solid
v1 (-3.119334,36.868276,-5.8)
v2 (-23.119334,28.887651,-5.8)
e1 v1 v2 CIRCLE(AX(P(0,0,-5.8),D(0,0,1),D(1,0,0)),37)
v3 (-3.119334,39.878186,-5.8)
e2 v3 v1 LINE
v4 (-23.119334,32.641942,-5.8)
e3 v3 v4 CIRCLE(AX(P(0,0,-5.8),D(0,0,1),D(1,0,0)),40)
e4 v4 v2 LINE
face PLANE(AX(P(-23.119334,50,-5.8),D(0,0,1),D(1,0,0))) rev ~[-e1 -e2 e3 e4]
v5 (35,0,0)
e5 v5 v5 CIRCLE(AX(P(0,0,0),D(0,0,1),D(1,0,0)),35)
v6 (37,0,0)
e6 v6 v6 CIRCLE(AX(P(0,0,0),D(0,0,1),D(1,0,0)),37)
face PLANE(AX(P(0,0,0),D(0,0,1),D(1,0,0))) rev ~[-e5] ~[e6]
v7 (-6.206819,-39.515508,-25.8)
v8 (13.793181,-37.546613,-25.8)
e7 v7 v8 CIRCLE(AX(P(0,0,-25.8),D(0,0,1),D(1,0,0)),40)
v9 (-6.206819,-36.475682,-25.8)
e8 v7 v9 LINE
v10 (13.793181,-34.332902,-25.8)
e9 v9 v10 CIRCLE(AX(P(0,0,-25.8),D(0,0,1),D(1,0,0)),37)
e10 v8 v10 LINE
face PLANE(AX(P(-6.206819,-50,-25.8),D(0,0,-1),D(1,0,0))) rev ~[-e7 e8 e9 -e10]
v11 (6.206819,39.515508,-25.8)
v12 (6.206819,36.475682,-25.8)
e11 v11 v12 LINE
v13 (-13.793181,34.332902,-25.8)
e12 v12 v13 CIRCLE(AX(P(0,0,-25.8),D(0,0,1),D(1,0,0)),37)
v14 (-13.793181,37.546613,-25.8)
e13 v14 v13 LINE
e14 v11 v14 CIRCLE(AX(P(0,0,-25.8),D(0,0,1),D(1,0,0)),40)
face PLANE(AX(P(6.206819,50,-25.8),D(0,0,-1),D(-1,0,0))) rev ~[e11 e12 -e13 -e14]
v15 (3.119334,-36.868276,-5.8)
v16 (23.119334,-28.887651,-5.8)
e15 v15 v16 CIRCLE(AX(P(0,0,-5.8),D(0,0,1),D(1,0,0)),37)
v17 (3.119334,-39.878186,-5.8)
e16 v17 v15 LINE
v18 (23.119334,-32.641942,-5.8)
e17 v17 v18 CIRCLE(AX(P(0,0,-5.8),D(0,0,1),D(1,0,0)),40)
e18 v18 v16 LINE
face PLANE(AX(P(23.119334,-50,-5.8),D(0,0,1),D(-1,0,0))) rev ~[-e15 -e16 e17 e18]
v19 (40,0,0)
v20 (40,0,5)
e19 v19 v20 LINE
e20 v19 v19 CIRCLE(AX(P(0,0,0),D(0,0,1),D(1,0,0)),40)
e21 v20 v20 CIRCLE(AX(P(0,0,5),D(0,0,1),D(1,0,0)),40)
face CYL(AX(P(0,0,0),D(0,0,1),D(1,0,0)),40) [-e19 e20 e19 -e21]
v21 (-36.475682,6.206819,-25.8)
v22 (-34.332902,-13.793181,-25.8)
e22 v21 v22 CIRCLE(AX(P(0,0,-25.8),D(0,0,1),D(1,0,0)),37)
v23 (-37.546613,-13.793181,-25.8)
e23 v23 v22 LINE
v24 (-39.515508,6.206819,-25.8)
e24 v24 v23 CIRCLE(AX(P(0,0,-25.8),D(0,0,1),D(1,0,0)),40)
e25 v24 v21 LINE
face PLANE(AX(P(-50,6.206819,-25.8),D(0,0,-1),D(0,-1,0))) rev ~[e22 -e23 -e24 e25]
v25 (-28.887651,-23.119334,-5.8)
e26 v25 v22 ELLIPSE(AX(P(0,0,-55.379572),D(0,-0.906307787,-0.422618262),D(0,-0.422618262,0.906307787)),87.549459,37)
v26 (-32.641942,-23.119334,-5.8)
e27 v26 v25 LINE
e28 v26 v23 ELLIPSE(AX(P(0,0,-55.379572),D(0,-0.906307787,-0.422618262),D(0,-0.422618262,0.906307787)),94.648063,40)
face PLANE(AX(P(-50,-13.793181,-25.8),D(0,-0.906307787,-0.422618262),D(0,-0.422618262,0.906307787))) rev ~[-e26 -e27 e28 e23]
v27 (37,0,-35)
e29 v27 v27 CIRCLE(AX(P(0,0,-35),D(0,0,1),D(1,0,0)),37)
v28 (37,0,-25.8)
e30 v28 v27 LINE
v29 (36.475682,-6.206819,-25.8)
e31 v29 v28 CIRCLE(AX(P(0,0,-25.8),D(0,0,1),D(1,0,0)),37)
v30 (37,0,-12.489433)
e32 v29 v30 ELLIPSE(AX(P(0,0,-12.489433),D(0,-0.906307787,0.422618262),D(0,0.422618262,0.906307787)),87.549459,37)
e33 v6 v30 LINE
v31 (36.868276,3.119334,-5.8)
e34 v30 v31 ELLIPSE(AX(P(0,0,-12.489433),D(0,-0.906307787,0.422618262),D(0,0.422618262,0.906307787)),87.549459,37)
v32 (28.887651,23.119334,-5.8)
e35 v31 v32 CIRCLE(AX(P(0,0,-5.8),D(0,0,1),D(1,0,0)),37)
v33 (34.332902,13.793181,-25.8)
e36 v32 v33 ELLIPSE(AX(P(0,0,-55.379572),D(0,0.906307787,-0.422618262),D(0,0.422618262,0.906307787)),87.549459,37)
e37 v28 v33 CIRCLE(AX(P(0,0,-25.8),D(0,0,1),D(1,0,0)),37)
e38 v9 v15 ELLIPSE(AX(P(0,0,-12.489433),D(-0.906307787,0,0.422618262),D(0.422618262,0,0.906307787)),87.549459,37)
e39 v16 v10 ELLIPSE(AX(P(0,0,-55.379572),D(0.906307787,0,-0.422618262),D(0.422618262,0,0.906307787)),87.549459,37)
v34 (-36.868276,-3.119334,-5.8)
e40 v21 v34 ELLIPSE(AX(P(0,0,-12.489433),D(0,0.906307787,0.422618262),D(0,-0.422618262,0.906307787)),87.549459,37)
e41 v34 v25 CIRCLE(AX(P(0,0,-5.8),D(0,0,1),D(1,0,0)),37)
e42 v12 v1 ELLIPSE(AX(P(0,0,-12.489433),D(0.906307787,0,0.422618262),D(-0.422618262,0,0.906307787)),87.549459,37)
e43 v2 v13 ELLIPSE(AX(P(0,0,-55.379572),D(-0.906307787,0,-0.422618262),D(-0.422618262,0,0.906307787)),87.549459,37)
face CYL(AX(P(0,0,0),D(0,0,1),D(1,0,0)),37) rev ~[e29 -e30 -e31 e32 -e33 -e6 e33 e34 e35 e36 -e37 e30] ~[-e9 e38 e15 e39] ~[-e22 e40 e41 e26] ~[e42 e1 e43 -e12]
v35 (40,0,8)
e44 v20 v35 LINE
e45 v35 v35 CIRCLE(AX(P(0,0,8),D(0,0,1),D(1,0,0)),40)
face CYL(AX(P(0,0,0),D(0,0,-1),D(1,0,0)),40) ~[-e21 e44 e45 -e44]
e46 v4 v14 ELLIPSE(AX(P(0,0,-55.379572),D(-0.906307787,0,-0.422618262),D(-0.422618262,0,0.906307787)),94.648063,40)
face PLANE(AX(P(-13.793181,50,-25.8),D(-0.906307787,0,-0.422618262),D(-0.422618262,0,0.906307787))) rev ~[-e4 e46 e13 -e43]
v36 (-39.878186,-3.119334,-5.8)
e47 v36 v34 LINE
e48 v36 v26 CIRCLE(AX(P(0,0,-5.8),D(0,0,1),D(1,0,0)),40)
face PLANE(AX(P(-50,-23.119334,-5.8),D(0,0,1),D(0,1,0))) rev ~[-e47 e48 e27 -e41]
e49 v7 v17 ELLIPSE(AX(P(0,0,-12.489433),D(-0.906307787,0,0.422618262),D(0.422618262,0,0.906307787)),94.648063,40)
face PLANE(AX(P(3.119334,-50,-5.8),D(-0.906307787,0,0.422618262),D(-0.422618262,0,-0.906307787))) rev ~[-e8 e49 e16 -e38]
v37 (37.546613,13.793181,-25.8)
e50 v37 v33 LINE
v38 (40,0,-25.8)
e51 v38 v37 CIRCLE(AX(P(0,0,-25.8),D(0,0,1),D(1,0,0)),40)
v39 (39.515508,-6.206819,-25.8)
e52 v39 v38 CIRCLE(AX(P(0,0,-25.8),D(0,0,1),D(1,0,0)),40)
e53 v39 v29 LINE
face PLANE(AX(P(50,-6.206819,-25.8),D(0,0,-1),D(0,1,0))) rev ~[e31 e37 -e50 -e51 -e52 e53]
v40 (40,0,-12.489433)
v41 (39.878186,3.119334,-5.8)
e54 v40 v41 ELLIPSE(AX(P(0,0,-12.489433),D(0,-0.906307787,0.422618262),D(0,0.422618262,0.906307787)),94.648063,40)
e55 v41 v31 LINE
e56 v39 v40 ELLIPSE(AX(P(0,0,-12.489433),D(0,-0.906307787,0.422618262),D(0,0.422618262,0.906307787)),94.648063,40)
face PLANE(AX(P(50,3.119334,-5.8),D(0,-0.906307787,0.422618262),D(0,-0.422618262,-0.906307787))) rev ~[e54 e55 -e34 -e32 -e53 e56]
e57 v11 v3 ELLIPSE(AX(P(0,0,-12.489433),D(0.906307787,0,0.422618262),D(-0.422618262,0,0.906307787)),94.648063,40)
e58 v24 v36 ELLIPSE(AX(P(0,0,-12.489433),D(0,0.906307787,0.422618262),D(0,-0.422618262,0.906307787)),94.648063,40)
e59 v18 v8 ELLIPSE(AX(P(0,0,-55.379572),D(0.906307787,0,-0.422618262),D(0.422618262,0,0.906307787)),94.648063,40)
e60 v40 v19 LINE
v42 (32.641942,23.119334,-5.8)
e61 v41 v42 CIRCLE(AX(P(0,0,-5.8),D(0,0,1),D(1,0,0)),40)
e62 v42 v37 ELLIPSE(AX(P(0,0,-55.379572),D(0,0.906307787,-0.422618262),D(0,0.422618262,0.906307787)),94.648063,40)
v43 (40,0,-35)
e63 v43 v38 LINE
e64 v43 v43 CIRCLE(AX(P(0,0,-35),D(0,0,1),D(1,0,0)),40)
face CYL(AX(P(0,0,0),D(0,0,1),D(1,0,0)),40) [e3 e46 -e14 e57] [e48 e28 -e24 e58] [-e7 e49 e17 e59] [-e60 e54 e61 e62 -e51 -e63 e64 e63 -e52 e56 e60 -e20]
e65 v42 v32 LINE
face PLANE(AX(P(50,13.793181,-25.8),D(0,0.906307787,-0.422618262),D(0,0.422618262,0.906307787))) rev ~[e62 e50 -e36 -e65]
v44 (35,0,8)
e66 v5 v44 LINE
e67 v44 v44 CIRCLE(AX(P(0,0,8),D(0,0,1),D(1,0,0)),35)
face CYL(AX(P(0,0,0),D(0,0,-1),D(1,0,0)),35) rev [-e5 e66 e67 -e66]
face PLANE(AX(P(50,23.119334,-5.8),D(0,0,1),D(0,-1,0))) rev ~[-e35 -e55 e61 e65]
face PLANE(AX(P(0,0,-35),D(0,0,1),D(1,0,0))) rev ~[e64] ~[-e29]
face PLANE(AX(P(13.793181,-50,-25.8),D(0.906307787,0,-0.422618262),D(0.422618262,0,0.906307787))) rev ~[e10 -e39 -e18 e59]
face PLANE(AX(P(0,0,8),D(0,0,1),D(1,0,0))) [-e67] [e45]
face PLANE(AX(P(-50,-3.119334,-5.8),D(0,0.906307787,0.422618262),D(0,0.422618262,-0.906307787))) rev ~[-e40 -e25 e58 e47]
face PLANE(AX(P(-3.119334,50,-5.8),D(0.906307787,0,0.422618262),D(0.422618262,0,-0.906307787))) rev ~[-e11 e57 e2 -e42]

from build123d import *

# Parameters (mm, degrees)
F0_R     = 40
F0_R_2   = 37
F1_DEPTH = 5
F2_DEPTH = 35
F3_R     = 40
F3_R_2   = 35
F4_DEPTH = 8
F7_DEPTH = 35
F9_COUNT = 4


with BuildPart() as f1:
    # F0 (on Top) → F1 (new body)
    with BuildSketch(Plane.XY):
        Circle(F0_R)
        Circle(F0_R_2, mode=Mode.SUBTRACT)
    extrude(amount=F1_DEPTH)

    # F0 (on Top) → F2 (join)
    with BuildSketch(Plane.XY):
        Circle(F0_R)
        Circle(F0_R_2, mode=Mode.SUBTRACT)
    extrude(amount=-F2_DEPTH)

    # F3 (on Top) → F4 (join)
    with BuildSketch(Plane.XY):
        Circle(F3_R)
        Circle(F3_R_2, mode=Mode.SUBTRACT)
    extrude(amount=F4_DEPTH)

    # F9: F7 ×4 about axis
    f9_axis = Axis((0, 0, -20.4015299678), (0, 0, -1))


with BuildPart() as f7:
    # F6 (on offset) → F7 (new body)
    with BuildSketch(Plane.XZ.offset(50)):
        Polygon((3.1193340375, -5.8), (-6.2068191256, -25.8), (13.7931808744, -25.8), (23.1193340375, -5.8), align=None)
    extrude(amount=-F7_DEPTH)


with BuildPart() as f1_1:
    add(f1.part)
    for i in range(1, F9_COUNT):
        add(f7.part.rotate(f9_axis, i * 360 / F9_COUNT), mode=Mode.SUBTRACT)

    # F9#seed: cut F7
    add(f7.part, mode=Mode.SUBTRACT)


solid = f1_1.part
